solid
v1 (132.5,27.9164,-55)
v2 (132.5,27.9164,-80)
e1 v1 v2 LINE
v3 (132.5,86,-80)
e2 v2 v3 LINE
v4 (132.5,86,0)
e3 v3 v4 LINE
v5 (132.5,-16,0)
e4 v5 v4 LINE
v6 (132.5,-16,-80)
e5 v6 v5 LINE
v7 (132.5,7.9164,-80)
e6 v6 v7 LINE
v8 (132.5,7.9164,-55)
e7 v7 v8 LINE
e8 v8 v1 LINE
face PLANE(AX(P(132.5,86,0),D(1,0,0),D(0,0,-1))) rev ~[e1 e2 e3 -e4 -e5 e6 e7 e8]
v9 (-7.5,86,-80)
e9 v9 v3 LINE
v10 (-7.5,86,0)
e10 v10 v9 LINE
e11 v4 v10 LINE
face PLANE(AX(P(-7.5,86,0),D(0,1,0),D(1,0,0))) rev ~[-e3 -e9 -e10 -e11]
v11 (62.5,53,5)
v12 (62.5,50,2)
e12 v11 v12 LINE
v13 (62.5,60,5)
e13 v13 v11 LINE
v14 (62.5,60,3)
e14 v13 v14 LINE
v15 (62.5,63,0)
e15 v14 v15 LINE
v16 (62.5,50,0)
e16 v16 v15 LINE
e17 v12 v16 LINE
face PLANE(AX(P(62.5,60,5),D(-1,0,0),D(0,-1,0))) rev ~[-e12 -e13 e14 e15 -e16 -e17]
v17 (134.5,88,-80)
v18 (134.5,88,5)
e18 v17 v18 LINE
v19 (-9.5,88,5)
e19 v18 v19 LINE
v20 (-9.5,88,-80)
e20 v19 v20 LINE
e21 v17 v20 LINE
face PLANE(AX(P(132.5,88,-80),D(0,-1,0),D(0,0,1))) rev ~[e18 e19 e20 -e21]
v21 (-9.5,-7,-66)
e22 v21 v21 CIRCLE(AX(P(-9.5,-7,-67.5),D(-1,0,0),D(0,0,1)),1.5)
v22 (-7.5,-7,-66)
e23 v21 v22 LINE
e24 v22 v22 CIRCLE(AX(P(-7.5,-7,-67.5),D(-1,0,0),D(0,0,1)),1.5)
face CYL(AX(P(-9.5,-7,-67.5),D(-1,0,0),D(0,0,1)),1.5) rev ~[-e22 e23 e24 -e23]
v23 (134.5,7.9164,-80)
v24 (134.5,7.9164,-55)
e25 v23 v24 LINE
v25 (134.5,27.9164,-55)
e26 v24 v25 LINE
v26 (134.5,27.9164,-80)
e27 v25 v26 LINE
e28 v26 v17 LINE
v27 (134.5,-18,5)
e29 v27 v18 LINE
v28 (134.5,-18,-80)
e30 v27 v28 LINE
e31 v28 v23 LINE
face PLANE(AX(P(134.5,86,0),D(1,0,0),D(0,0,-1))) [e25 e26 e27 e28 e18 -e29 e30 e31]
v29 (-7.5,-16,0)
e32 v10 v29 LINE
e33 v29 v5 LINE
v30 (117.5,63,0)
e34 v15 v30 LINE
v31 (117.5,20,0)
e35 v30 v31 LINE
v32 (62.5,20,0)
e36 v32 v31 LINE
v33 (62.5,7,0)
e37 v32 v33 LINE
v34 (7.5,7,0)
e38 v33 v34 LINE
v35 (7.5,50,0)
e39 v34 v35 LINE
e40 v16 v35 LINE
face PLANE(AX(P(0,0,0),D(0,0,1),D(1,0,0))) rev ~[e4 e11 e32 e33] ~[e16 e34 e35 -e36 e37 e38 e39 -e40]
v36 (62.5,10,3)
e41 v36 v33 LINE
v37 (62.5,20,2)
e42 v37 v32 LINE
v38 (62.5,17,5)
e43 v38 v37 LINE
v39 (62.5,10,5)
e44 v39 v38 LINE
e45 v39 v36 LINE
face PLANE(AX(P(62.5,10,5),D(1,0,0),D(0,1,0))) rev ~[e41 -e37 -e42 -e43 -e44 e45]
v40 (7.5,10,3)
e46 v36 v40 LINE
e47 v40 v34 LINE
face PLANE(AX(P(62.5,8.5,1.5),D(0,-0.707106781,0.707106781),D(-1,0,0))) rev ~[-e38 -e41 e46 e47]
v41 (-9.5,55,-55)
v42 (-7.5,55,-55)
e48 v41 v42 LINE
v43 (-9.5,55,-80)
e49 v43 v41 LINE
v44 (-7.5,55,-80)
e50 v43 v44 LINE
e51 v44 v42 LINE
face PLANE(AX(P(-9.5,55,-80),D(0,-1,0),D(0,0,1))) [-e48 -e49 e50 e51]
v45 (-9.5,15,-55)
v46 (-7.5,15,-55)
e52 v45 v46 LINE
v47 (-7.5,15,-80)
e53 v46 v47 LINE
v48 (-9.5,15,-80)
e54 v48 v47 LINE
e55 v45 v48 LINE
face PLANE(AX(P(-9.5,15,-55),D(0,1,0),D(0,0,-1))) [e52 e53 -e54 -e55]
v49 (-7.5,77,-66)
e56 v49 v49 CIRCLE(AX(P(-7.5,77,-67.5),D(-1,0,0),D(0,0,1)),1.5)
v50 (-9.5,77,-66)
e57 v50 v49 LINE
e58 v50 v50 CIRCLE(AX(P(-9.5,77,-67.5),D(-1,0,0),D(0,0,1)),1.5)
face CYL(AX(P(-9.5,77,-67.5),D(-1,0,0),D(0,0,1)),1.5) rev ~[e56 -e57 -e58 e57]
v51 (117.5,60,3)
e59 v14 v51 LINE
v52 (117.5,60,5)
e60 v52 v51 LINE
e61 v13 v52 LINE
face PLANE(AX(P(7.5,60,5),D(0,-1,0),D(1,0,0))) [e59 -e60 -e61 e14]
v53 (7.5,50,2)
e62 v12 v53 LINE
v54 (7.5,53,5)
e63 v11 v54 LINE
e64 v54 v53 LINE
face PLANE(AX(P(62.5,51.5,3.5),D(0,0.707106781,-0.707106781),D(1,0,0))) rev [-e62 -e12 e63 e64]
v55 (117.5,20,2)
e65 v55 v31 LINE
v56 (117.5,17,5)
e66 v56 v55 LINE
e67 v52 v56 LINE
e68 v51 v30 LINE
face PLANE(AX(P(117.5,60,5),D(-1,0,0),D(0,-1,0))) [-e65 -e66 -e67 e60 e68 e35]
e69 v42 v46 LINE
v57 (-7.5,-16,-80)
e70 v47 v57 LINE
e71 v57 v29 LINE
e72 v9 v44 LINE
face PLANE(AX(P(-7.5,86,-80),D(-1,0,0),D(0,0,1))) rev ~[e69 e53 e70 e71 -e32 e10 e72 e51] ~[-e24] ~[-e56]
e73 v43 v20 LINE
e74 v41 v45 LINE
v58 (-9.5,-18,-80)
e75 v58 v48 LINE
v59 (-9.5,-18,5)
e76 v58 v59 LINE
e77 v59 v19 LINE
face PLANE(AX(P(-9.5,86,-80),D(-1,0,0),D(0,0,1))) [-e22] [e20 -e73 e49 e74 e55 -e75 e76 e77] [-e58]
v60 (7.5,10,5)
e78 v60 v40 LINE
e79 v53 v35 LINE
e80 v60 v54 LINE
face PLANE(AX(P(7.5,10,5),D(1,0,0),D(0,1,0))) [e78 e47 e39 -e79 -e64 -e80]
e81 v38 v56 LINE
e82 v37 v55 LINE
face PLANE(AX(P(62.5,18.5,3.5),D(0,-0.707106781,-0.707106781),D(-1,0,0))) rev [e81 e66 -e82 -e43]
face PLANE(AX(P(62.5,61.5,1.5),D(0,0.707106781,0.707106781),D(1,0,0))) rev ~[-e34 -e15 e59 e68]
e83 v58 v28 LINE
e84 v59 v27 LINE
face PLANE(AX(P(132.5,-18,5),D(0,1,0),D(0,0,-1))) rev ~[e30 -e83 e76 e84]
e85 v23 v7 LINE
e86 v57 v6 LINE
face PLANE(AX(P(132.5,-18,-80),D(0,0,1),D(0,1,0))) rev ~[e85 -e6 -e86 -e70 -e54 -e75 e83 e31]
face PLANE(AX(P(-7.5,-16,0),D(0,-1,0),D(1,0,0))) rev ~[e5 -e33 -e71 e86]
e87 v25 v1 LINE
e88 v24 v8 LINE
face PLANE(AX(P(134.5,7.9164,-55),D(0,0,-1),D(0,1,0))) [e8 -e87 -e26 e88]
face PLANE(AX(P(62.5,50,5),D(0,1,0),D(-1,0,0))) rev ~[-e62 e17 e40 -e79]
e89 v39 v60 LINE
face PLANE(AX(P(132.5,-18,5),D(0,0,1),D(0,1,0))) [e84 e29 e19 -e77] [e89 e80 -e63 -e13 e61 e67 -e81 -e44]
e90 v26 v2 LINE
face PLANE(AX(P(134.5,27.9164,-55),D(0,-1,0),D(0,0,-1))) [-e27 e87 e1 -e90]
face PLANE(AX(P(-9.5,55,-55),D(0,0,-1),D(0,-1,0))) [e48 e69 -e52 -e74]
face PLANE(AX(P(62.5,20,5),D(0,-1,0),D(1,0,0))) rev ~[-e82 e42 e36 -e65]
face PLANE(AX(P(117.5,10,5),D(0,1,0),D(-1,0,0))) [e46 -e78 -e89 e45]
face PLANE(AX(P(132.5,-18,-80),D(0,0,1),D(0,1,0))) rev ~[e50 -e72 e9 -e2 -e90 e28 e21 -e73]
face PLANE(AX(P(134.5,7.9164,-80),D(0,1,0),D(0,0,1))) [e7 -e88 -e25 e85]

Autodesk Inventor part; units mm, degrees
ref_plane "YZ Plane" through (0, 0, 0) normal (1, 0, 0) x (0, 1, 0)
ref_plane "XZ Plane" through (0, 0, 0) normal (0, 1, 0) x (-1, 0, 0)
ref_plane "XY Plane" through (0, 0, 0) normal (0, 0, 1) x (1, 0, 0)
sketch "Sketch1" plane through (0, 0, 0) normal (0, 0, 1) x (1, 0, 0)
  line L0 (0, 0) -> (0, 70) construction
  circle A0 centre (0, 0) radius 2.5
  circle A1 centre (0, 70) radius 2.5
  line L1 (0, 0) -> (125, 0) construction
  circle A2 centre (125, 0) radius 2.5
  circle A3 centre (125, 70) radius 2.5
  line L2 (-7.5, -16) -> (132.5, -16)
  line L3 (132.5, -16) -> (132.5, 86)
  line L4 (132.5, 86) -> (-7.5, 86)
  line L5 (-7.5, 86) -> (-7.5, -16)
  point P0 (62.5, 0)
  point P1 (62.5, -16)
  point P2 (0, 35)
  point P3 (-7.5, 35)
  dimension "d0" = 70
  dimension "d1" = 5
  dimension "d2" = 5
  dimension "d3" = 5
  dimension "d4" = 5
  dimension "d5" = 125
  dimension "d6" = 140
  dimension "d7" = 102
extrude "Extrusion1" add sketch "Sketch1" along normal blind 5
sketch "Sketch2" plane through (0, 0, 5) normal (0, 0, 1) x (1, 0, 0)
  line L0 (7.5, 60) -> (117.5, 60)
  line L1 (117.5, 60) -> (117.5, 10)
  line L2 (117.5, 10) -> (7.5, 10)
  line L3 (7.5, 10) -> (7.5, 60)
  line L4 (-7.5, 86) -> (-7.5, -16) projected
  line L5 (132.5, 86) -> (-7.5, 86) projected
  point P0 (0, 0)
  point P1 (62.5, 60)
  point P2 (62.5, 86)
  point P3 (7.5, 35)
  point P4 (-7.5, 35)
  dimension "d10" = 15
  dimension "d11" = 50
extrude "Extrusion2" cut sketch "Sketch2" against normal through all
sketch "Sketch3" plane through (-7.5, 86, 0) normal (0, 1, 0) x (1, 0, 0)
  line L0 (140, 0) -> (140, -5) projected
  line L1 (140, -5) -> (0, -5)
  line L2 (0, -5) -> (0, 80)
  line L3 (0, 80) -> (140, 80)
  line L4 (140, 80) -> (140, -5)
  point P0 (7.5, 0)
  dimension "d17" = 85
extrude "Extrusion3" add sketch "Sketch3" along normal blind 2
sketch "Sketch4" plane through (-7.5, -16, 0) normal (0, -1, 0) x (1, 0, 0)
  line L0 (140, 0) -> (0, 0) projected
  line L1 (0, 0) -> (0, -80) projected
  line L2 (0, -80) -> (140, -80) projected
  line L3 (140, -80) -> (140, 0) projected
  line L4 (0, 0) -> (140, 0) projected
  line L5 (140, 0) -> (140, 5) projected
  line L6 (0, 5) -> (140, 5) projected
  line L7 (0, 0) -> (0, 5) projected
  point P0 (7.5, 0)
extrude "Extrusion4" add sketch "Sketch4" along normal blind 2
sketch "Sketch5" plane through (-7.5, 86, -80) normal (-1, 0, 0) x (0, 0, 1)
  line L0 (85, -104) -> (85, 2) projected
  line L1 (0, -102) -> (0, -104) projected
  line L2 (85, 2) -> (0, 2)
  line L3 (0, 2) -> (0, -104)
  line L4 (0, -104) -> (85, -104)
  line L5 (85, -104) -> (85, 2)
  point P0 (80, -86)
extrude "Extrusion5" add sketch "Sketch5" along normal blind 2
sketch "Sketch6" plane through (132.5, 86, 0) normal (1, 0, 0) x (0, 0, -1)
  line L0 (-5, -104) -> (-5, 2) projected
  line L1 (-5, -104) -> (80, -104)
  line L2 (80, -104) -> (80, 2)
  line L3 (80, 2) -> (-5, 2)
  line L4 (-5, 2) -> (-5, -104)
  point P0 (0, -86)
extrude "Extrusion6" add sketch "Sketch6" along normal blind 2
sketch "Sketch7" plane through (0, 0, 5) normal (0, 0, 1) x (1, 0, 0)
  line L0 (117.5, 10) -> (7.5, 10) construction
  line L1 (7.5, 60) -> (117.5, 60) construction
  line L2 (7.5, 10) -> (7.5, 60) construction
  line L3 (117.5, 60) -> (117.5, 10) construction
  line L4 (7.5, 60) -> (62.5, 60)
  line L5 (62.5, 60) -> (62.5, 50)
  line L6 (62.5, 50) -> (7.5, 50)
  line L7 (7.5, 50) -> (7.5, 60)
  line L8 (117.5, 10) -> (62.5, 10)
  line L9 (62.5, 10) -> (62.5, 20)
  line L10 (62.5, 20) -> (117.5, 20)
  line L11 (117.5, 20) -> (117.5, 10)
  line L12 (117.5, 10) -> (7.5, 10) projected
  line L13 (7.5, 60) -> (117.5, 60) projected
  line L14 (7.5, 10) -> (7.5, 60) projected
  point P0 (0, 0)
  point P1 (62.5, 10)
  point P2 (7.5, 35)
  dimension "d26" = 55
  dimension "d27" = 10
  dimension "d28" = 55
  dimension "d29" = 10
extrude "Extrusion7" add sketch "Sketch7" against normal blind 5
chamfer "Chamfer2" distance 3 angle 45 4 edges at (35, 10, 0) (90, 60, 0) (90, 20, 5) (35, 50, 5)
sketch "Sketch8" plane through (134.5, 86, 0) normal (1, 0, 0) x (0, 0, -1)
  line L0 (80, -104) -> (80, 2) projected
  line L1 (80, -102) -> (80, 0) projected
  line L2 (80, -51) -> (93.9386, -51)
  line L3 (80, -78.0836) -> (55, -78.0836)
  line L4 (55, -78.0836) -> (55, -58.0836)
  line L5 (55, -58.0836) -> (80, -58.0836)
  line L6 (80, -58.0836) -> (80, -78.0836)
  point P0 (0, -86)
  dimension "d36" = 20
  dimension "d37" = 25
  dimension "d40" = 7.0836
extrude "Extrusion8" cut sketch "Sketch8" against normal blind 10
sketch "Sketch9" plane through (-9.5, 86, -80) normal (-1, 0, 0) x (0, 0, 1)
  line L0 (0, -58.0836) -> (0, 0) projected
  line L1 (0, -31) -> (25, -31)
  line L2 (25, -31) -> (25, -71)
  line L3 (25, -71) -> (0, -71)
  line L4 (0, -71) -> (0, -31)
  line L5 (0, 2) -> (0, -104) projected
  line L6 (0, -71) -> (25, -71)
  line L7 (25, -71) -> (25, -31)
  line L8 (25, -31) -> (0, -31)
  line L9 (0, -31) -> (0, -71)
  point P0 (80, -86)
  point P1 (0, -51)
  dimension "d41" = 40
  dimension "d42" = 25
extrude "Extrusion9" cut sketch "Sketch9" against normal blind 10
sketch "Sketch10" plane through (-9.5, 86, -80) normal (-1, 0, 0) x (0, 0, 1)
  circle A0 centre (12.5, -93) radius 1.5
  circle A1 centre (12.5, -9) radius 1.5
  line L0 (12.5, -93) -> (12.5, -9) construction
  line L1 (85, -104) -> (85, 2) projected
  line L2 (25, -71) -> (0, -71) projected
  point P0 (80, -86)
  point P1 (85, -51)
  point P2 (12.5, -51)
  point P3 (12.5, -71)
  point P4 (12.5, -71)
  dimension "d45" = 3
  dimension "d46" = 3
  dimension "d47" = 84
extrude "Extrusion10" cut sketch "Sketch10" against normal blind 10
sketch "Sketch11" plane through (0, 0, 5) normal (0, 0, 1) x (1, 0, 0)
  circle A0 centre (0, 0) radius 2.5 projected
  circle A1 centre (0, 70) radius 2.5 projected
  circle A2 centre (125, 0) radius 2.5 projected
  circle A3 centre (125, 70) radius 2.5 projected
extrude "Extrusion11" add sketch "Sketch11" against normal blind 5
properties part number "GA06" material "ABS Plastic"
